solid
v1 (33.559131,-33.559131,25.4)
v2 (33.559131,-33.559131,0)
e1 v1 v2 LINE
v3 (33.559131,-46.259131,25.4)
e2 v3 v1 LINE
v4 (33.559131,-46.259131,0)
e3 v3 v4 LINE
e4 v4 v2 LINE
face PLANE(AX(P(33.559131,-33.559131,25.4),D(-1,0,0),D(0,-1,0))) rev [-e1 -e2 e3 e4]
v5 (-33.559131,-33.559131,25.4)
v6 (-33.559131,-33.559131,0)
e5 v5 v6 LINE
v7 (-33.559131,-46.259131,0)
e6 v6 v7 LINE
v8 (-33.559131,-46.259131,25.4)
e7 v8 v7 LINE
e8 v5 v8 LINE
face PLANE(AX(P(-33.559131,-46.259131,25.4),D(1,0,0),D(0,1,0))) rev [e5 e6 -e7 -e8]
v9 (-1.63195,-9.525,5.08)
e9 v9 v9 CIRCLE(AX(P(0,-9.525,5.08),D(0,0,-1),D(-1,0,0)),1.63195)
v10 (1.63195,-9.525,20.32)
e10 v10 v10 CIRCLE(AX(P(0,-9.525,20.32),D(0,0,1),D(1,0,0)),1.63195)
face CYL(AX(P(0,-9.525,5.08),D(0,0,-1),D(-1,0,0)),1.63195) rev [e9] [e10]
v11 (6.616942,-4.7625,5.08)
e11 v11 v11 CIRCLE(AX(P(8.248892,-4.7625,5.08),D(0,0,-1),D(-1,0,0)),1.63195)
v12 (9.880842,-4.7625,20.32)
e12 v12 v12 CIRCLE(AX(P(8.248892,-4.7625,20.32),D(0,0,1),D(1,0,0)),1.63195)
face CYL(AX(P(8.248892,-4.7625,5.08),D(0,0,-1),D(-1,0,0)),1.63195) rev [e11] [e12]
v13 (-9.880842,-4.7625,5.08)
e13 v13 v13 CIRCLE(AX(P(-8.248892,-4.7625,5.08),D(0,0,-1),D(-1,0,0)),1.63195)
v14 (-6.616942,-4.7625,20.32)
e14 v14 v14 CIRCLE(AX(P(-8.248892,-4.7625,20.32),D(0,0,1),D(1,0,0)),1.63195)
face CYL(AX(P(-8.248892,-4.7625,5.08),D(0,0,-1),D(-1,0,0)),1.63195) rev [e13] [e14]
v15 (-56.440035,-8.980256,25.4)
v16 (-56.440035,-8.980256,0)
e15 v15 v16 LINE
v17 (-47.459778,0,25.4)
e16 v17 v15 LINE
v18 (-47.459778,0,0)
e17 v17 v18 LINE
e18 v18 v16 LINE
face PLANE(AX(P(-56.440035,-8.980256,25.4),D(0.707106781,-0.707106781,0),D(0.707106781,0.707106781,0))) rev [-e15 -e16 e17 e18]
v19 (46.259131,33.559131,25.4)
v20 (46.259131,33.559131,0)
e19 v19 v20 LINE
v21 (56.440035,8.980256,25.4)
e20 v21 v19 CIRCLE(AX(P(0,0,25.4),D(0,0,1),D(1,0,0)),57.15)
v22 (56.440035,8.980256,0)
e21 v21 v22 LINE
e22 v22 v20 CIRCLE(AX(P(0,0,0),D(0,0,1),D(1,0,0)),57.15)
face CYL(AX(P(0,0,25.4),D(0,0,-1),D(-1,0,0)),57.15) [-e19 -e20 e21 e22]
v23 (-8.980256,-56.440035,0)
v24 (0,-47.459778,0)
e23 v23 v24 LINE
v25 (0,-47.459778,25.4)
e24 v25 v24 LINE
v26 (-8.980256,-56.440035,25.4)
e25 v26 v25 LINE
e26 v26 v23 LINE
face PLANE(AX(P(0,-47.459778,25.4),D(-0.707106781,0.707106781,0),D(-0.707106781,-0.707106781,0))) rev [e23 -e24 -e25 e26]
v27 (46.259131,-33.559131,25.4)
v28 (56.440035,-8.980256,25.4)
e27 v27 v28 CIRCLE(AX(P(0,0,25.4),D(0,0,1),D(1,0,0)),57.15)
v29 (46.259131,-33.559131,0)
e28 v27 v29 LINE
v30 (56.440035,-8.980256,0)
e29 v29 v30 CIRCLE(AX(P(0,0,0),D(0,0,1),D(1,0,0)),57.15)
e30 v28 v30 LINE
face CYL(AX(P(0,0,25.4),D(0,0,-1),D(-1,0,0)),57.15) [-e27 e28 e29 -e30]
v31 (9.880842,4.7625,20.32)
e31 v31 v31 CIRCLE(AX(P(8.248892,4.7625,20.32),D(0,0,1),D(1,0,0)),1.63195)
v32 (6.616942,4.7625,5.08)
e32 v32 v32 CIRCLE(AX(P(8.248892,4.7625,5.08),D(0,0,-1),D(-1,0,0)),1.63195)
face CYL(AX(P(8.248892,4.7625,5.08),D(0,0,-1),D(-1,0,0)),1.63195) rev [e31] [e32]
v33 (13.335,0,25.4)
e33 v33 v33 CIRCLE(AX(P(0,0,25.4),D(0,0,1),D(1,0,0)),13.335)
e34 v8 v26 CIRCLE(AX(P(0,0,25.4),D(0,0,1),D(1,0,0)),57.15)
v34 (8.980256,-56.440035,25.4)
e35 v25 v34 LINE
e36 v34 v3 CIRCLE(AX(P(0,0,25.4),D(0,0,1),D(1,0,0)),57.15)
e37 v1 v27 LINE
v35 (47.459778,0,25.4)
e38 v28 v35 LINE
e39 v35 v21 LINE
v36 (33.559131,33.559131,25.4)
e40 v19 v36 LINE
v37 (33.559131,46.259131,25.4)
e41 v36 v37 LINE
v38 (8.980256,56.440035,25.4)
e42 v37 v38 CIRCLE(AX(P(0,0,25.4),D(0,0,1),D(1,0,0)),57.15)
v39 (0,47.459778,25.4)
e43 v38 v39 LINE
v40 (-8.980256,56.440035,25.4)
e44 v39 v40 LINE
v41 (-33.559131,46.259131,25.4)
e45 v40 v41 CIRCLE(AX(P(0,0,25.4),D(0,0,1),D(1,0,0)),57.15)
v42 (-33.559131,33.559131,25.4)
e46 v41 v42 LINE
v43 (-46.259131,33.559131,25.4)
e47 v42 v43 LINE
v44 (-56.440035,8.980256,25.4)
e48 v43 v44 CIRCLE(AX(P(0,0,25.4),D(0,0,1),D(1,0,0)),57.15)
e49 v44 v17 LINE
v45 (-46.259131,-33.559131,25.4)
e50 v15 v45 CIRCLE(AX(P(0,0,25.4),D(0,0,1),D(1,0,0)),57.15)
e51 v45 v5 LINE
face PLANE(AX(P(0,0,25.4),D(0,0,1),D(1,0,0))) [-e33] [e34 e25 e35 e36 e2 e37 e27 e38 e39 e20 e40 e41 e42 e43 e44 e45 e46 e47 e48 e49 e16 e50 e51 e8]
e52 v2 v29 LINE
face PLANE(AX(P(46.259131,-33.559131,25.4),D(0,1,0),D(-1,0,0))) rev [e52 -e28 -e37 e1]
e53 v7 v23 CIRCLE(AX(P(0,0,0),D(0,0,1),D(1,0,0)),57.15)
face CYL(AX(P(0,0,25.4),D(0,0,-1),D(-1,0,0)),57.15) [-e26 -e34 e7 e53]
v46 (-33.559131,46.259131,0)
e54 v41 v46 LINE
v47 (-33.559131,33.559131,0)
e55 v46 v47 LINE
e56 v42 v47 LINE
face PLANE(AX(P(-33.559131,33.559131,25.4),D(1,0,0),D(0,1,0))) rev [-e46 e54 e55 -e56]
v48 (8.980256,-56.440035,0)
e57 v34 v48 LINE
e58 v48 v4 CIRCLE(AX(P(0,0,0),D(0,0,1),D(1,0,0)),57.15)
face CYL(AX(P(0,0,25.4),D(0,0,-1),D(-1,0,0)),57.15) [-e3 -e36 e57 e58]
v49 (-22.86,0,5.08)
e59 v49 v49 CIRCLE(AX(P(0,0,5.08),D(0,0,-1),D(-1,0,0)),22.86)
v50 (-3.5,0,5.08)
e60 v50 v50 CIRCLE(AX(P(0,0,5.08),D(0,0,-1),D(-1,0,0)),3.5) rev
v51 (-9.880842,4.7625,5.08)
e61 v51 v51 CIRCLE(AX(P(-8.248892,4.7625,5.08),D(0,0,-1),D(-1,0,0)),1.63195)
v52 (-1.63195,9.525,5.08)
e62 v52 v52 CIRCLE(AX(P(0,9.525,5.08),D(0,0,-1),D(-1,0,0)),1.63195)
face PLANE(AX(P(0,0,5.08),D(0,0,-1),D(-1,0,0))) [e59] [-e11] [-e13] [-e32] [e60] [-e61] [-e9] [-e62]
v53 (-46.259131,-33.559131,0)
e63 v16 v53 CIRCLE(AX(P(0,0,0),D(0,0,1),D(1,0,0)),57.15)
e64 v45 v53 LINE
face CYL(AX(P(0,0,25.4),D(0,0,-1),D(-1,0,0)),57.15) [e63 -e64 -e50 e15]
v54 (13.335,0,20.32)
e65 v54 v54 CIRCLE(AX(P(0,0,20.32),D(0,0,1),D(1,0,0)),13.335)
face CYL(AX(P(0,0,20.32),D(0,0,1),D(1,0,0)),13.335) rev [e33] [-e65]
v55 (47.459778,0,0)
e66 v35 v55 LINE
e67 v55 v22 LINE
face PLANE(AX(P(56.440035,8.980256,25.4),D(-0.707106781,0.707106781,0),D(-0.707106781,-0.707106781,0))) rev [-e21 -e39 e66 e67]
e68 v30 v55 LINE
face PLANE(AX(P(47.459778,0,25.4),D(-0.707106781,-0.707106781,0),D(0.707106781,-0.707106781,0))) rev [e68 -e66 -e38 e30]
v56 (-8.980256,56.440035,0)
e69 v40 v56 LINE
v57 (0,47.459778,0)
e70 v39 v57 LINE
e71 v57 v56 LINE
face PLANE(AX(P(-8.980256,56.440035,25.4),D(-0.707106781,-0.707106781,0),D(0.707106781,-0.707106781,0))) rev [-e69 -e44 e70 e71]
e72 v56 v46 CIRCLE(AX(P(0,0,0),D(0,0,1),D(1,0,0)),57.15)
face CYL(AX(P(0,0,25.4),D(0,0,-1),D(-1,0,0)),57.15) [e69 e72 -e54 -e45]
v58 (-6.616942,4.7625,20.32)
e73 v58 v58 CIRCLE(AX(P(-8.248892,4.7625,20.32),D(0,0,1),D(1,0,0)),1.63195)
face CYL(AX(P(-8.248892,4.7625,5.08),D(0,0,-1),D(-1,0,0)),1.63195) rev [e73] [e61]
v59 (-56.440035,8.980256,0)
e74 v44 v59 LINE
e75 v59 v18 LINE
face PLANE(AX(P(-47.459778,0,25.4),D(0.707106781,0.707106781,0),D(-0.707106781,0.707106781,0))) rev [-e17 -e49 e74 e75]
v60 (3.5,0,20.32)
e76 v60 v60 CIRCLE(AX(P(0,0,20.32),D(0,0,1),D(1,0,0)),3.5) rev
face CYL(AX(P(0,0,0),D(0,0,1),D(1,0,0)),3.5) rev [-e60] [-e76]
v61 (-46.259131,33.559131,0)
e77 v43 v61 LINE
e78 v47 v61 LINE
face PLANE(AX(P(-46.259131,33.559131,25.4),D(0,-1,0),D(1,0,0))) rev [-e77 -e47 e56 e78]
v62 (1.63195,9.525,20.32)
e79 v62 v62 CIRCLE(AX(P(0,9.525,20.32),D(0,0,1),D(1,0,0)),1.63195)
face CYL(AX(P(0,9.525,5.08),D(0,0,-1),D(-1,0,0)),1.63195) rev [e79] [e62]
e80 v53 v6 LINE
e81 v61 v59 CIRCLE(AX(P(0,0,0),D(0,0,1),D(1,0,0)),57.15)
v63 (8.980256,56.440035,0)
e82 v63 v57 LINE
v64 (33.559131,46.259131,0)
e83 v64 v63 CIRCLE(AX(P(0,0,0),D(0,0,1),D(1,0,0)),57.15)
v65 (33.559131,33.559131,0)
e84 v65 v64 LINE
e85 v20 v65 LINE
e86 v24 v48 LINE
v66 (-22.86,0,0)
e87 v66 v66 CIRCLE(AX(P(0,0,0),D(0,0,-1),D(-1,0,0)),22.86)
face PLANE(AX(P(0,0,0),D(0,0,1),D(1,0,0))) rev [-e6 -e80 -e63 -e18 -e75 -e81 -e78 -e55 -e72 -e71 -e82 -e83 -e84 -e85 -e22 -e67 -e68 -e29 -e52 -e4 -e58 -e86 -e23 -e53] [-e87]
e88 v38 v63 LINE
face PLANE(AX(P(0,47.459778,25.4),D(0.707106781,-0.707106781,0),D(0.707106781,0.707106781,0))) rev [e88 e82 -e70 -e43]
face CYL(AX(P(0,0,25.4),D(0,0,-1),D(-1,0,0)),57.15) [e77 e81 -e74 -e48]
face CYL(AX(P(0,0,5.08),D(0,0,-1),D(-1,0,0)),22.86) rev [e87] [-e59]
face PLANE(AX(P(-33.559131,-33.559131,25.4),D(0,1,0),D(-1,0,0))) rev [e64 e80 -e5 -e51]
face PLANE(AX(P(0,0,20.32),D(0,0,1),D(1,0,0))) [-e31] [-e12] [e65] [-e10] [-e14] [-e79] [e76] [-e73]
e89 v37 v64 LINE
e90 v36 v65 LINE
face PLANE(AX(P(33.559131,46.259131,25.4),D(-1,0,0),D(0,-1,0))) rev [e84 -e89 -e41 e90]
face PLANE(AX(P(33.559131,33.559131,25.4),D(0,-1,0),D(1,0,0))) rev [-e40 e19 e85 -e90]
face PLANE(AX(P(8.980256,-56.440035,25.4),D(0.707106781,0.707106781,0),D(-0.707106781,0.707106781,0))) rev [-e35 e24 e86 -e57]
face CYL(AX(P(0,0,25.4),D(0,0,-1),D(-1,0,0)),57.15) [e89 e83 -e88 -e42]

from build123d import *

# Parameters (mm, degrees)
BOSS_EXTRUDE1_DEPTH   = 25.4
SKETCH2_R             = 3.5
CUT_EXTRUDE1_DEPTH    = 84.762252835
SKETCH3_R             = 13.335
CUT_EXTRUDE2_DEPTH    = 5.08
SKETCH4_R             = 22.86
CUT_EXTRUDE3_DEPTH    = 5.08
F_4_CLEARANCE_HOLE1_D = 3.2639


with BuildPart() as part:
    # Sketch1 → Boss-Extrude1 (new body)
    with BuildSketch(Plane.XY):
        with BuildLine():
            Line((-8.980256121, 56.44003455), (0, 47.459778429))
            Line((0, 47.459778429), (8.980256121, 56.44003455))
            ThreePointArc((8.980256121, 56.44003455), (21.87035816, 52.799715283), (33.559131161, 46.259131161))
            Line((33.559131161, 46.259131161), (33.559131161, 33.559131161))
            Line((33.559131161, 33.559131161), (46.259131161, 33.559131161))
            ThreePointArc((46.259131161, 33.559131161), (52.799715283, 21.87035816), (56.44003455, 8.980256121))
            Line((56.44003455, 8.980256121), (47.459778429, 0))
            Line((47.459778429, 0), (56.44003455, -8.980256121))
            ThreePointArc((56.44003455, -8.980256121), (52.799715283, -21.87035816), (46.259131161, -33.559131161))
            Line((46.259131161, -33.559131161), (33.559131161, -33.559131161))
            Line((33.559131161, -33.559131161), (33.559131161, -46.259131161))
            ThreePointArc((33.559131161, -46.259131161), (21.87035816, -52.799715283), (8.980256121, -56.44003455))
            Line((8.980256121, -56.44003455), (0, -47.459778429))
            Line((0, -47.459778429), (-8.980256121, -56.44003455))
            ThreePointArc((-8.980256121, -56.44003455), (-21.87035816, -52.799715283), (-33.559131161, -46.259131161))
            Line((-33.559131161, -46.259131161), (-33.559131161, -33.559131161))
            Line((-33.559131161, -33.559131161), (-46.259131161, -33.559131161))
            ThreePointArc((-46.259131161, -33.559131161), (-52.799715283, -21.87035816), (-56.44003455, -8.980256121))
            Line((-56.44003455, -8.980256121), (-47.459778429, 0))
            Line((-47.459778429, 0), (-56.44003455, 8.980256121))
            ThreePointArc((-56.44003455, 8.980256121), (-52.799715283, 21.87035816), (-46.259131161, 33.559131161))
            Line((-46.259131161, 33.559131161), (-33.559131161, 33.559131161))
            Line((-33.559131161, 33.559131161), (-33.559131161, 46.259131161))
            ThreePointArc((-33.559131161, 46.259131161), (-21.87035816, 52.799715283), (-8.980256121, 56.44003455))
        make_face()
    extrude(amount=BOSS_EXTRUDE1_DEPTH)

    # Sketch2 → Cut-Extrude1 (cut, through all)
    with BuildSketch(Plane.XY.offset(25.4)):
        Circle(SKETCH2_R)
    extrude(amount=-CUT_EXTRUDE1_DEPTH, mode=Mode.SUBTRACT)

    # Sketch3 → Cut-Extrude2 (cut)
    with BuildSketch(Plane.XY.offset(25.4)):
        Circle(SKETCH3_R)
    extrude(amount=-CUT_EXTRUDE2_DEPTH, mode=Mode.SUBTRACT)

    # Sketch4 → Cut-Extrude3 (cut)
    with BuildSketch(Plane(origin=(0, 0, 0), x_dir=(-1, 0, 0), z_dir=(0, 0, -1))):
        Circle(SKETCH4_R)
    extrude(amount=-CUT_EXTRUDE3_DEPTH, mode=Mode.SUBTRACT)

    # #4 Clearance Hole1 (through all)
    with Locations(Plane(origin=(0, 0, 5.08), x_dir=(-1, 0, 0), z_dir=(0, 0, -1))):
        with Locations((0, 9.525), (8.248891971, 4.7625), (8.248891971, -4.7625), (0, -9.525), (-8.248891971, 4.7625), (-8.248891971, -4.7625)):
            Hole(F_4_CLEARANCE_HOLE1_D / 2)


solid = part.part
